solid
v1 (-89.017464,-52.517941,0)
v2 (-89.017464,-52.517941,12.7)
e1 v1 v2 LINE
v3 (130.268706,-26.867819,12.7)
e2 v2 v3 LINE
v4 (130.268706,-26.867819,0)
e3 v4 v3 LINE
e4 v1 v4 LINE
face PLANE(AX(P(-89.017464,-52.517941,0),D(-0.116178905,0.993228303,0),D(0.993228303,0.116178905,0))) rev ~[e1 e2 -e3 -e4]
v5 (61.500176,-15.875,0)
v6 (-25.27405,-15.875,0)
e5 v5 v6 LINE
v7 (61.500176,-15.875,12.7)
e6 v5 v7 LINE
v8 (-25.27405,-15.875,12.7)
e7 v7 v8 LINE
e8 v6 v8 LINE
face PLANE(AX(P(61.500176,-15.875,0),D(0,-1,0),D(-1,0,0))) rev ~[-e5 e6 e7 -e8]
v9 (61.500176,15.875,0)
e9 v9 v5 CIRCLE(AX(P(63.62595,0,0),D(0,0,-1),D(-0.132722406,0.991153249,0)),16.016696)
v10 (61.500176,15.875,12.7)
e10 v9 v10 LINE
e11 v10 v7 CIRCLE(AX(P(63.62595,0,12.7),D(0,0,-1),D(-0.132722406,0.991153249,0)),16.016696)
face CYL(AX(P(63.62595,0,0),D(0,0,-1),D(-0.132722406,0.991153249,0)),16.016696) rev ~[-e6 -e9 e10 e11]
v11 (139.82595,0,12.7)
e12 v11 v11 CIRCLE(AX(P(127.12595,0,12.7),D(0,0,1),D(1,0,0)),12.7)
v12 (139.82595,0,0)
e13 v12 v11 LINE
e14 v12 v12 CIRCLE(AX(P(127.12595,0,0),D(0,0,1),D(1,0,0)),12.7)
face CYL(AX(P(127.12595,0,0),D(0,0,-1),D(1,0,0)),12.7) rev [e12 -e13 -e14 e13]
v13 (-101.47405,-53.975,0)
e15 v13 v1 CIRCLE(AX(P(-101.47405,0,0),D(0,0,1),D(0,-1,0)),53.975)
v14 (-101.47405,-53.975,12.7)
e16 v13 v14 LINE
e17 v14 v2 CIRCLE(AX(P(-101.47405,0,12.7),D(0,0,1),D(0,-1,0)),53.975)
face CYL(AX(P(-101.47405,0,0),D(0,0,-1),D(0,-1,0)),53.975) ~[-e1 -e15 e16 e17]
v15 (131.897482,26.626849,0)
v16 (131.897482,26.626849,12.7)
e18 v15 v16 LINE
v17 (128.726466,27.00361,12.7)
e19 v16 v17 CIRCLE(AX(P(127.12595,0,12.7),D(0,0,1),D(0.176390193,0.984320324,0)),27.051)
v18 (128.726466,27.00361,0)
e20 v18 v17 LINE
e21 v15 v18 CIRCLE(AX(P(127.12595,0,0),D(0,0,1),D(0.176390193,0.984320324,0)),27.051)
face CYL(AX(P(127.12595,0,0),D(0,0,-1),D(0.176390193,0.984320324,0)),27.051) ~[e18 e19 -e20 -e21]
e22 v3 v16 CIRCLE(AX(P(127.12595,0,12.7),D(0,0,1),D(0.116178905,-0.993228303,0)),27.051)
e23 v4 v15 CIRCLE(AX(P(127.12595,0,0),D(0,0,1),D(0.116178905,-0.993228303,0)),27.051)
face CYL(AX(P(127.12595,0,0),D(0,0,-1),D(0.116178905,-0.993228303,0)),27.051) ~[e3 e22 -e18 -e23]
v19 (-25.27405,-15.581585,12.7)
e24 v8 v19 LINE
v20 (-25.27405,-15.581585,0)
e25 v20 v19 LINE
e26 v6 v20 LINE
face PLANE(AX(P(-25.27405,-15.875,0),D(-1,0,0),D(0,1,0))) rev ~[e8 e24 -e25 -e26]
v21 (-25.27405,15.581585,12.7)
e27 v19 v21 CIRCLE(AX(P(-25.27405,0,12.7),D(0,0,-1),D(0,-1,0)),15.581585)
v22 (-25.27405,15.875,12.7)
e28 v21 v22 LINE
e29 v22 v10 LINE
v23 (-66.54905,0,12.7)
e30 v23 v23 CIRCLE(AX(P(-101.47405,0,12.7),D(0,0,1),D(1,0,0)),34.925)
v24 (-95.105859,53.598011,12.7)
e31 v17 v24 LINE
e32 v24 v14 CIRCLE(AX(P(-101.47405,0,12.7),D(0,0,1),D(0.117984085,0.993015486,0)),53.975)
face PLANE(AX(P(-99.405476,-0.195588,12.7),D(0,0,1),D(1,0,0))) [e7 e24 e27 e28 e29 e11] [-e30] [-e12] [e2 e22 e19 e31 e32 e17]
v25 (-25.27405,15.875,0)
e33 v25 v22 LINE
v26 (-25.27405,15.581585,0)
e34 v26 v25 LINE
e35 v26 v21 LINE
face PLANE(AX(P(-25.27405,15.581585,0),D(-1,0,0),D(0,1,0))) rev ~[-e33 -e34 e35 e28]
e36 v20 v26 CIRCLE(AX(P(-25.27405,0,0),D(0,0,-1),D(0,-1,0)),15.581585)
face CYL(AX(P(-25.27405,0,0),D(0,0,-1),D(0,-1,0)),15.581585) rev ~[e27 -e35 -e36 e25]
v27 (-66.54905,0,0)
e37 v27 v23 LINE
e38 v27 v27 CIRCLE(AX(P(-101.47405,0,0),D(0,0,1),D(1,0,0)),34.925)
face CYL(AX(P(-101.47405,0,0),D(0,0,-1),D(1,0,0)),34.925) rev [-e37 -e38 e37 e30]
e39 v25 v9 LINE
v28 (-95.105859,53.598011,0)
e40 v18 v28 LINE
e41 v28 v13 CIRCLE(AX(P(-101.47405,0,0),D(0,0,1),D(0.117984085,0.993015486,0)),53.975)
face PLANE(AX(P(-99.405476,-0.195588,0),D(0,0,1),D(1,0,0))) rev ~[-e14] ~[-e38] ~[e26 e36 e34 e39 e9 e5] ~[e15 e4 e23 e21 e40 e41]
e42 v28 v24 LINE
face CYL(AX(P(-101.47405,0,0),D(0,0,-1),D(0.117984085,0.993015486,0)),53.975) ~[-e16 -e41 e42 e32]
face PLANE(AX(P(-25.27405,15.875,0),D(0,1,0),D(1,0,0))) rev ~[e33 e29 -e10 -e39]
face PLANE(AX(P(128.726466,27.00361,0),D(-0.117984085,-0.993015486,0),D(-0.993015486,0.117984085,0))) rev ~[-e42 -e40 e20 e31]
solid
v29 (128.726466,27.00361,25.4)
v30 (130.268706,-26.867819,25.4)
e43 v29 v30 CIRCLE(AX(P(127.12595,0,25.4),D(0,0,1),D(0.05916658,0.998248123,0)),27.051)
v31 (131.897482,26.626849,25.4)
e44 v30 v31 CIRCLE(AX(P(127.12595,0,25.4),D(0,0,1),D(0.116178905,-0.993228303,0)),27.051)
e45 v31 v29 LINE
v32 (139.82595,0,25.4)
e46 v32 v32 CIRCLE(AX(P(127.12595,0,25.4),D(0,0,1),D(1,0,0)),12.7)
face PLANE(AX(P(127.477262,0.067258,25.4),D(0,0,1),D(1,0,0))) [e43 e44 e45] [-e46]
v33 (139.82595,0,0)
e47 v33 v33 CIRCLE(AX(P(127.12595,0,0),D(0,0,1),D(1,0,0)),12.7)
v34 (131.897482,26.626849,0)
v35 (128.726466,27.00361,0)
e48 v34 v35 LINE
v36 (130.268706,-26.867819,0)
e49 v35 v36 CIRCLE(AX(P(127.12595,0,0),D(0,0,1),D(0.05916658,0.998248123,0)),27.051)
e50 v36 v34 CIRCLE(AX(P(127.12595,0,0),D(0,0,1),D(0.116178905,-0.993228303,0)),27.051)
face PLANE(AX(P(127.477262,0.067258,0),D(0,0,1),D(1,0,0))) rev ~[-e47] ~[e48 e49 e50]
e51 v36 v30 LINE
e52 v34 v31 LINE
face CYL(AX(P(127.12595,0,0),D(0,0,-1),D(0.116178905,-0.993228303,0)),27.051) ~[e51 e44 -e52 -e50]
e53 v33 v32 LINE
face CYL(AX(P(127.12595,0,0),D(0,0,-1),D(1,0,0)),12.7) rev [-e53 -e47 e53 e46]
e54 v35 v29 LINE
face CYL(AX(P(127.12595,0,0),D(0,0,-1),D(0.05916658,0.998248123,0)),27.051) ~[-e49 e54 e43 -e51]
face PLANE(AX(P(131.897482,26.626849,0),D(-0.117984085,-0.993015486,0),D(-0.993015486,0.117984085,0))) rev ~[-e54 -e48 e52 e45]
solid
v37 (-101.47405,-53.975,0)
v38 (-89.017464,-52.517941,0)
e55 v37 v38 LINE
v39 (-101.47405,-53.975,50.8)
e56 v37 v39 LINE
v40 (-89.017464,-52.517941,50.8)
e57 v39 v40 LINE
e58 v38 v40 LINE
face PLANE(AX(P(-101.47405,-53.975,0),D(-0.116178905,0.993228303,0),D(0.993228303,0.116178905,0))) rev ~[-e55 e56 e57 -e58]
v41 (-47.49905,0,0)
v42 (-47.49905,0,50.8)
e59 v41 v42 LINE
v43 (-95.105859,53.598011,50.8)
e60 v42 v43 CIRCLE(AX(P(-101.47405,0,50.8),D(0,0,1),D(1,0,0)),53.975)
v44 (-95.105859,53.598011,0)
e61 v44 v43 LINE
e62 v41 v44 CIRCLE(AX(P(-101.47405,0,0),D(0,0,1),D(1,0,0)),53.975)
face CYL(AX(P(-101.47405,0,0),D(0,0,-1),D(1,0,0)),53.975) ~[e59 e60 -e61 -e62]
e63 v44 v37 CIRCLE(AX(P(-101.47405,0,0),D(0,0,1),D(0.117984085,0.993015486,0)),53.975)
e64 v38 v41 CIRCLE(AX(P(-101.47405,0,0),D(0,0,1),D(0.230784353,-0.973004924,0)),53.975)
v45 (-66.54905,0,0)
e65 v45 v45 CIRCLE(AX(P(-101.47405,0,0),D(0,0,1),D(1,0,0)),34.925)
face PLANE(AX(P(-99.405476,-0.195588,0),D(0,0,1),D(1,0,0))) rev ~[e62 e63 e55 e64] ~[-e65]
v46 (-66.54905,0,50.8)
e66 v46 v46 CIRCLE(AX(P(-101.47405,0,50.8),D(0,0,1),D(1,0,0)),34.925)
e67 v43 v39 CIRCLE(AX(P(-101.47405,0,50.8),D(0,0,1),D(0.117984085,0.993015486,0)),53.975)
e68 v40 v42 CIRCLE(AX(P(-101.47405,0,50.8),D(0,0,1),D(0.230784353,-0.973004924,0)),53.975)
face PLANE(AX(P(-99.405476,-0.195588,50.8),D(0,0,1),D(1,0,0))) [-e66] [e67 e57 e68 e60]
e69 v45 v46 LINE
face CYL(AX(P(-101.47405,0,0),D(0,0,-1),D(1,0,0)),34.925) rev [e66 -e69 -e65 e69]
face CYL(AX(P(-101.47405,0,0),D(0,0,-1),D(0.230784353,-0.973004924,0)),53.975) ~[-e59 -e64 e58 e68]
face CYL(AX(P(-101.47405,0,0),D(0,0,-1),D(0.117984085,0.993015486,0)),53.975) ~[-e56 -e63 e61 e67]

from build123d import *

# Parameters (mm, degrees)
F0_R     = 12.7
F1_DEPTH = 25.4
F0_R_2   = 34.925
F2_DEPTH = 50.8
F3_DEPTH = 12.7


with BuildPart() as f1:
    # F0 (on Top) → F1 (new body)
    with BuildSketch(Plane.XY):
        with BuildLine():
            Line((131.8974815489, 26.6268490786), (128.7264656024, 27.0036099847))
            ThreePointArc((128.7264656024, 27.0036099847), (100.0860287509, -0.7741034596), (130.2687059941, -26.8678188269))
            ThreePointArc((130.2687059941, -26.8678188269), (147.3345040916, -17.9825181836), (154.1769504378, 0))
            ThreePointArc((154.1769504378, 0), (147.8724114503, 17.3591749935), (131.8974815489, 26.6268490786))
        make_face()
        with Locations((127.1259504378, 0)):
            Circle(F0_R, mode=Mode.SUBTRACT)
    extrude(amount=F1_DEPTH)


with BuildPart() as f2:
    # F0 (on Top) → F2 (new body)
    with BuildSketch(Plane.XY):
        with BuildLine():
            ThreePointArc((-89.0174641021, -52.5179407791), (-59.1323158636, -33.4735449631), (-47.4990495622, 0))
            ThreePointArc((-47.4990495622, 0), (-61.119224987, 35.8439500962), (-95.1058585849, 53.5980108649))
            ThreePointArc((-95.1058585849, 53.5980108649), (-155.3547198505, 3.1896699332), (-101.4740495622, -53.975))
            Line((-101.4740495622, -53.975), (-89.0174641021, -52.5179407791))
        make_face()
        with Locations((-101.4740495622, 0)):
            Circle(F0_R_2, mode=Mode.SUBTRACT)
    extrude(amount=F2_DEPTH)


with BuildPart() as f3:
    # F0 (on Top) → F3 (new body)
    with BuildSketch(Plane.XY):
        with BuildLine():
            ThreePointArc((-89.0174641021, -52.5179407791), (-59.1323158636, -33.4735449631), (-47.4990495622, 0))
            ThreePointArc((-47.4990495622, 0), (-61.119224987, 35.8439500962), (-95.1058585849, 53.5980108649))
            ThreePointArc((-95.1058585849, 53.5980108649), (-155.3547198505, 3.1896699332), (-101.4740495622, -53.975))
            Line((-101.4740495622, -53.975), (-89.0174641021, -52.5179407791))
        make_face()
        with Locations((-101.4740495622, 0)):
            Circle(F0_R_2, mode=Mode.SUBTRACT)
        with BuildLine():
            ThreePointArc((-95.1058585849, 53.5980108649), (-61.119224987, 35.8439500962), (-47.4990495622, 0))
            ThreePointArc((-47.4990495622, 0), (-59.1323158636, -33.4735449631), (-89.0174641021, -52.5179407791))
            Line((-89.0174641021, -52.5179407791), (130.2687059941, -26.8678188269))
            ThreePointArc((130.2687059941, -26.8678188269), (100.0860287509, -0.7741034596), (128.7264656024, 27.0036099847))
            Line((128.7264656024, 27.0036099847), (-95.1058585849, 53.5980108649))
        make_face()
        with BuildLine():
            ThreePointArc((61.5001760411, 15.875), (79.6426461577, 0), (61.5001760411, -15.875))
            Line((61.5001760411, -15.875), (-25.2740495622, -15.875))
            Line((-25.2740495622, -15.875), (-25.2740495622, -15.5815852659))
            ThreePointArc((-25.2740495622, -15.5815852659), (-40.8556348281, 0), (-25.2740495622, 15.5815852659))
            Line((-25.2740495622, 15.5815852659), (-25.2740495622, 15.875))
            Line((-25.2740495622, 15.875), (61.5001760411, 15.875))
        make_face(mode=Mode.SUBTRACT)
        with BuildLine():
            ThreePointArc((-101.4740495622, -53.975), (-95.2032931705, -53.6094976592), (-89.0174641021, -52.5179407791))
            Line((-89.0174641021, -52.5179407791), (-101.4740495622, -53.975))
        make_face()
        with BuildLine():
            Line((131.8974815489, 26.6268490786), (128.7264656024, 27.0036099847))
            ThreePointArc((128.7264656024, 27.0036099847), (100.0860287509, -0.7741034596), (130.2687059941, -26.8678188269))
            ThreePointArc((130.2687059941, -26.8678188269), (147.3345040916, -17.9825181836), (154.1769504378, 0))
            ThreePointArc((154.1769504378, 0), (147.8724114503, 17.3591749935), (131.8974815489, 26.6268490786))
        make_face()
        with Locations((127.1259504378, 0)):
            Circle(F0_R, mode=Mode.SUBTRACT)
        with BuildLine():
            ThreePointArc((131.8974815489, 26.6268490786), (130.3175379158, 26.8620619158), (128.7264656024, 27.0036099847))
            Line((128.7264656024, 27.0036099847), (131.8974815489, 26.6268490786))
        make_face()
    extrude(amount=F3_DEPTH)


solid = Compound([f1.part, f2.part, f3.part])
